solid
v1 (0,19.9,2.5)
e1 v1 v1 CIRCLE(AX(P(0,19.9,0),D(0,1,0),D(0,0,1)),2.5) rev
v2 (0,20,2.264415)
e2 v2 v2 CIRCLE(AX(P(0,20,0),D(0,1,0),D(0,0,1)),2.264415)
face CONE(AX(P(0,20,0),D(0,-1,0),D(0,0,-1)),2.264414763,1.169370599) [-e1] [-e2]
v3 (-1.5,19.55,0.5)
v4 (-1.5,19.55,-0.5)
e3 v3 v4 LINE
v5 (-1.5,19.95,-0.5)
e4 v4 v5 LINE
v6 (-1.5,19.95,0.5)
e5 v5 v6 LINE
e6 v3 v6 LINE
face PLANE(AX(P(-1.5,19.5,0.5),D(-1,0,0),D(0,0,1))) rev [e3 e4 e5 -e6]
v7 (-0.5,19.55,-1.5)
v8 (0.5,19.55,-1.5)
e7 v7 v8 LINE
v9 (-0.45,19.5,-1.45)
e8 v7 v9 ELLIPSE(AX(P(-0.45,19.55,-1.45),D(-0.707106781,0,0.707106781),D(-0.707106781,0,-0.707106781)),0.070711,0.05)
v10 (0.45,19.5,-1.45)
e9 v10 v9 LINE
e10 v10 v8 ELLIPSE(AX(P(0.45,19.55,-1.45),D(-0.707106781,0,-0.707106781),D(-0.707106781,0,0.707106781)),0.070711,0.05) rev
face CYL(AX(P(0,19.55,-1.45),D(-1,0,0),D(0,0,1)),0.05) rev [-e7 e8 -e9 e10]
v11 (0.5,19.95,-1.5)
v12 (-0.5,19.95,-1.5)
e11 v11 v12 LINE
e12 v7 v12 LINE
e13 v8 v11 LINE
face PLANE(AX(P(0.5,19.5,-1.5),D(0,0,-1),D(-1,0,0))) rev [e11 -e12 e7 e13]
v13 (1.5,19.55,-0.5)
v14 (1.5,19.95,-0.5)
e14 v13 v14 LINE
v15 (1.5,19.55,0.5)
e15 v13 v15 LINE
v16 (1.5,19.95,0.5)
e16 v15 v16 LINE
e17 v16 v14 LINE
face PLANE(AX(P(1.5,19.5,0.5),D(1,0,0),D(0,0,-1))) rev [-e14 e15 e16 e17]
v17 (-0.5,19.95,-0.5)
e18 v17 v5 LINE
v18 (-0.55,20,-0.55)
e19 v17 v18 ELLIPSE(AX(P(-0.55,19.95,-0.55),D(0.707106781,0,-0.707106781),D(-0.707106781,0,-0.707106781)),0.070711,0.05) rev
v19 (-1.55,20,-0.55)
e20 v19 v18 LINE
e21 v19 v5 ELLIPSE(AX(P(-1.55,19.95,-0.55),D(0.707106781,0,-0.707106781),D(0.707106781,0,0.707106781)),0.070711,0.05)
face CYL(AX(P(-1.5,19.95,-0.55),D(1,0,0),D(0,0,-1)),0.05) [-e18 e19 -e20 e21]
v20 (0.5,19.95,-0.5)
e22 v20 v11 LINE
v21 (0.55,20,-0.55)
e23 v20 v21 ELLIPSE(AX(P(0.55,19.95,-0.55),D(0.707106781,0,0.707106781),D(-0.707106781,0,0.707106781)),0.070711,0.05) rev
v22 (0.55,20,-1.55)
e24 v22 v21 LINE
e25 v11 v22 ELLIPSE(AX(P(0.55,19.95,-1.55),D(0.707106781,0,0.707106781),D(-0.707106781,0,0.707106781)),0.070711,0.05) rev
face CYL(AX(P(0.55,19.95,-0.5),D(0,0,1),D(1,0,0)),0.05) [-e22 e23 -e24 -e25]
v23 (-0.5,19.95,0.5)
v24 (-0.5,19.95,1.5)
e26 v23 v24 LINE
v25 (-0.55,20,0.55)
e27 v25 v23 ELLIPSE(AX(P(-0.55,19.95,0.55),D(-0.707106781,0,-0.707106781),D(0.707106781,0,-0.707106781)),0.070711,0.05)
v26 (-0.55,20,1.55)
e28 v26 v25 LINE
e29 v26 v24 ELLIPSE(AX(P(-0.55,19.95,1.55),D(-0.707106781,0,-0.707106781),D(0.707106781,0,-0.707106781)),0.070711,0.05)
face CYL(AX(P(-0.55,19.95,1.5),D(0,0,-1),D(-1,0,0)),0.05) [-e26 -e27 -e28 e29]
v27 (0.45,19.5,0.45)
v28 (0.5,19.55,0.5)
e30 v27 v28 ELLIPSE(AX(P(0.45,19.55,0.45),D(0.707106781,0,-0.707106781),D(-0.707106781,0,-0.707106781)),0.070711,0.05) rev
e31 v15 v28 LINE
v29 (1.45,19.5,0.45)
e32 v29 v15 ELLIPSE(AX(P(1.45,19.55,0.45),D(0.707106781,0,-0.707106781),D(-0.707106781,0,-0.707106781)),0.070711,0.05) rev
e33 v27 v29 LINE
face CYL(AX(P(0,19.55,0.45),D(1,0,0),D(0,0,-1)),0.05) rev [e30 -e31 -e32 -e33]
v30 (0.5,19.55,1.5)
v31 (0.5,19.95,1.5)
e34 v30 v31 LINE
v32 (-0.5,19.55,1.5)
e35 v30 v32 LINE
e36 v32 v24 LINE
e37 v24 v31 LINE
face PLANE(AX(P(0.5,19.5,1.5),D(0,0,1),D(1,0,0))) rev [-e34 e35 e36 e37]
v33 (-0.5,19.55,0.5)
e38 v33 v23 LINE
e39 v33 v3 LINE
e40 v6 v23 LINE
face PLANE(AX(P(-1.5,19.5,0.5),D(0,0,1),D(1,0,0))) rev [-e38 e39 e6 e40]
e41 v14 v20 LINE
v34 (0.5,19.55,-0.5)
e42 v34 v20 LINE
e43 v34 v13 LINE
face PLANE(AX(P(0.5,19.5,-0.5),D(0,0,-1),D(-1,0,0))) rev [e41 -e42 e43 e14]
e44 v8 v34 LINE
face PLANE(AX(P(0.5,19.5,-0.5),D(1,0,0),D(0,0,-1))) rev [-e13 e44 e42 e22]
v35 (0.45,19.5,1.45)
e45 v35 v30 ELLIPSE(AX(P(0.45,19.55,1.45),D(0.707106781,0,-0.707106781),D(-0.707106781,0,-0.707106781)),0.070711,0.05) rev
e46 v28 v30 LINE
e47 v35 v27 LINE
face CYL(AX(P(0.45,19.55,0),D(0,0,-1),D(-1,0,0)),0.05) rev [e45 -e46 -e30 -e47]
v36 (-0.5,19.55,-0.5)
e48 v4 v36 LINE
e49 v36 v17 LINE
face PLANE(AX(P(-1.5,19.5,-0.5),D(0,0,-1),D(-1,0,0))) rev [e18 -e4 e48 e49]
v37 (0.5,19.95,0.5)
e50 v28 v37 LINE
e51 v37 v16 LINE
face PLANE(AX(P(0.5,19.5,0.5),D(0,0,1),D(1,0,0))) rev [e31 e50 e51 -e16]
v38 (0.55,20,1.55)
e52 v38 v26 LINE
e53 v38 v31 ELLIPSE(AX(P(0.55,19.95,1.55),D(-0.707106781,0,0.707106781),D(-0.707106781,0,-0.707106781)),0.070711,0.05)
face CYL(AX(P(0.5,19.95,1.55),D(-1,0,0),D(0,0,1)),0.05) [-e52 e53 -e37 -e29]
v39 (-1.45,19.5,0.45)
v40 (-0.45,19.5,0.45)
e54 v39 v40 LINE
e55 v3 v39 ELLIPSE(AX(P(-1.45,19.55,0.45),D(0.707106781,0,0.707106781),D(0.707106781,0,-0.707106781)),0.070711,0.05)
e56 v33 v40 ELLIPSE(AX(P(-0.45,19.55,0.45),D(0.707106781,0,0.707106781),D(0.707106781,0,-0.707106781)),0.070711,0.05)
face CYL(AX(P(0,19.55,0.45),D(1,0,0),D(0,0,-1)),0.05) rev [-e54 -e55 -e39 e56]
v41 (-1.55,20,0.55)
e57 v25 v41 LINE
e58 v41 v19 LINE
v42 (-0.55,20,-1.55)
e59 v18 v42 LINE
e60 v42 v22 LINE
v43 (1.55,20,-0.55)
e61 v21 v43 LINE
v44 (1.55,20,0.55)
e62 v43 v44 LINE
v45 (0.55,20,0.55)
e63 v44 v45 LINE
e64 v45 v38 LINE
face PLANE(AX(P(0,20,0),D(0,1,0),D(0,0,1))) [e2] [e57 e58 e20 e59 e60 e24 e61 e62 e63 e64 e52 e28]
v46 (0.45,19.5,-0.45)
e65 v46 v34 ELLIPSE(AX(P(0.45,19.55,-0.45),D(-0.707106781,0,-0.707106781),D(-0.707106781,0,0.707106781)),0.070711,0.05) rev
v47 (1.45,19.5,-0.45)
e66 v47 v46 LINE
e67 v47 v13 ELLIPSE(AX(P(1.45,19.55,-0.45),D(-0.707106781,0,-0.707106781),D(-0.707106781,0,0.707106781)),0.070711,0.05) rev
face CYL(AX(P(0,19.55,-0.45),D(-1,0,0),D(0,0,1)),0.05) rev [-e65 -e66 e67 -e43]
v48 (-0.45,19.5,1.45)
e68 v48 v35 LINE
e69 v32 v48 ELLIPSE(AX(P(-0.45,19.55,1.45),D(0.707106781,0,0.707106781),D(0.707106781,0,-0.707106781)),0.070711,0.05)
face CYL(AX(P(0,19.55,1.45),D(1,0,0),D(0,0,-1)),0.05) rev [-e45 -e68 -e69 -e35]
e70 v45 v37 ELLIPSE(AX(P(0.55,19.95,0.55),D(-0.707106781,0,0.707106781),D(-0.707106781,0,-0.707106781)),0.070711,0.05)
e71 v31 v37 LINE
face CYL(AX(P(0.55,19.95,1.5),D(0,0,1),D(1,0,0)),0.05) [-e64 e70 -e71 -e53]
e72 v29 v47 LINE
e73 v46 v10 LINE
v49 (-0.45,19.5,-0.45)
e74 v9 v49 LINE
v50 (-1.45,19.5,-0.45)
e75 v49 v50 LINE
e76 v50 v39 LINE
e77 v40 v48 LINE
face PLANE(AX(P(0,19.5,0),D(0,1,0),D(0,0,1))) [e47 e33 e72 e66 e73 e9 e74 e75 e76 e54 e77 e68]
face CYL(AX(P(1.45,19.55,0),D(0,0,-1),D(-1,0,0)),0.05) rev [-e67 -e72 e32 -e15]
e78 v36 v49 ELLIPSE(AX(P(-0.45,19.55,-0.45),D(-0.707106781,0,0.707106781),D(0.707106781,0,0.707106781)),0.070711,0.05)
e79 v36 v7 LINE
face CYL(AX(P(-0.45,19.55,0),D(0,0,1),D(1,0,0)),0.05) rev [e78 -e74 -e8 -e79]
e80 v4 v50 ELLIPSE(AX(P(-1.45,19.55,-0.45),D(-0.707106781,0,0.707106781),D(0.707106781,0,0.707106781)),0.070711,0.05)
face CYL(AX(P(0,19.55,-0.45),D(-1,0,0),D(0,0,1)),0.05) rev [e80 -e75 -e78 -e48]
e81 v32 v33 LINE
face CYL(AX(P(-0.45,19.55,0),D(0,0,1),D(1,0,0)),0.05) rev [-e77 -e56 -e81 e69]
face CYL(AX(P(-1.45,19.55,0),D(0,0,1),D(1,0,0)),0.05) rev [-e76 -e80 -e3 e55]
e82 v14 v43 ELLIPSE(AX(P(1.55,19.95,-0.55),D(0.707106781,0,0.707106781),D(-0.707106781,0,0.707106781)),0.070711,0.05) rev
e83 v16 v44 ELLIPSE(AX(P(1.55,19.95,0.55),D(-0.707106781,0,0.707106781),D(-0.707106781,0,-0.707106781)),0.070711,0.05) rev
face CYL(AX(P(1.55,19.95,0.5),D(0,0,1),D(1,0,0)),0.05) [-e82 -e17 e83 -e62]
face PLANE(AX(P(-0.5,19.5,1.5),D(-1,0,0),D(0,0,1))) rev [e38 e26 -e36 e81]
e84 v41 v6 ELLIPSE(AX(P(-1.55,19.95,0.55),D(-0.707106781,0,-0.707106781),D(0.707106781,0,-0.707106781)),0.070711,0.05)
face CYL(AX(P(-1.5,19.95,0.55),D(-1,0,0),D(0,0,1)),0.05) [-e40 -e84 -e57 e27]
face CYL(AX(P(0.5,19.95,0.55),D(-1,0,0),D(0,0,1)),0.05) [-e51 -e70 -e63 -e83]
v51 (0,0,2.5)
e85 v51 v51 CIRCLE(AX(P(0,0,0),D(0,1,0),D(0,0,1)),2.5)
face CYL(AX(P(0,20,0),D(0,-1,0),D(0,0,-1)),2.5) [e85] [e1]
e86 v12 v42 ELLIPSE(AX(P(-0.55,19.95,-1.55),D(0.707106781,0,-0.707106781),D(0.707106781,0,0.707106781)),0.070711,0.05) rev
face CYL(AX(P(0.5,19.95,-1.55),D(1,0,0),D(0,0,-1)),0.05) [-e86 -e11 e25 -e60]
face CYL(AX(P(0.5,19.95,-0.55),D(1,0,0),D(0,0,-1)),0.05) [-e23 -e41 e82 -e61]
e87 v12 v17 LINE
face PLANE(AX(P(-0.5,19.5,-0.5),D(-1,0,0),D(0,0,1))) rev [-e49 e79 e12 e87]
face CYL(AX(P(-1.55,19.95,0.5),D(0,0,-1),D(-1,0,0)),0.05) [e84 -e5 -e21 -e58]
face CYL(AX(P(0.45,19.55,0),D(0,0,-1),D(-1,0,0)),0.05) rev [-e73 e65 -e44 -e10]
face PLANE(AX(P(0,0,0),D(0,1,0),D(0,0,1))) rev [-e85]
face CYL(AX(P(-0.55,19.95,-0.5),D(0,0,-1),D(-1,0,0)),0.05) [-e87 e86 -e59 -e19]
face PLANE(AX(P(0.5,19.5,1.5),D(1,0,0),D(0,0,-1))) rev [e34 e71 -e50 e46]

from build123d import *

# Parameters (mm, degrees)
SKETCH1_R           = 2.5
BOSS_EXTRUDE1_DEPTH = 20
CHAMFER1_SIZE       = 0.1
CHAMFER1_SIZE2      = 0.235585237
CUT_EXTRUDE1_DEPTH  = 0.5
FILLET1_R           = 0.05


with BuildPart() as part:
    # Sketch1 → Boss-Extrude1 (new body)
    with BuildSketch(Plane(origin=(0, 0, 0), x_dir=(1, 0, 0), z_dir=(0, 1, 0))):
        with Locations(Location((0, 0, 0), (0, 0, 270))):
            Circle(SKETCH1_R)
    extrude(amount=BOSS_EXTRUDE1_DEPTH)

    # Chamfer1
    chamfer1_edges = [part.edges().sort_by_distance(p)[0] for p in [
        (0, 20, -2.5),
    ]]
    chamfer1_side = [part.faces().sort_by_distance(p)[0] for p in [
        (0, 10, -2.5),
    ]]
    chamfer(chamfer1_edges, length=CHAMFER1_SIZE, length2=CHAMFER1_SIZE2, reference=chamfer1_side[0])

    # Sketch2 → Cut-Extrude1 (cut)
    with BuildSketch(Plane(origin=(0, 20, 0), x_dir=(1, 0, 0), z_dir=(0, 1, 0))):
        Polygon((0.5, 0.5), (0.5, 1.5), (-0.5, 1.5), (-0.5, 0.5), (-1.5, 0.5), (-1.5, -0.5), (-0.5, -0.5), (-0.5, -1.5), (0.5, -1.5), (0.5, -0.5), (1.5, -0.5), (1.5, 0.5), align=None)
    extrude(amount=-CUT_EXTRUDE1_DEPTH, mode=Mode.SUBTRACT)

    # Fillet1
    fillet1_edges = [part.edges().sort_by_distance(p)[0] for p in [
        (-0.5, 19.5, -1),
        (0, 19.5, -1.5),
        (0.5, 19.5, -1),
        (1, 19.5, -0.5),
        (1.5, 19.5, 0),
        (1, 19.5, 0.5),
        (0.5, 19.5, 1),
        (0, 19.5, 1.5),
        (-0.5, 19.5, 1),
        (-1, 19.5, 0.5),
        (-1.5, 19.5, 0),
        (-1, 19.5, -0.5),
        (-0.5, 20, -1),
        (-1, 20, -0.5),
        (-1.5, 20, 0),
        (-1, 20, 0.5),
        (-0.5, 20, 1),
        (0, 20, 1.5),
        (0.5, 20, 1),
        (1, 20, 0.5),
        (1.5, 20, 0),
        (1, 20, -0.5),
        (0.5, 20, -1),
        (0, 20, -1.5),
    ]]
    fillet(fillet1_edges, radius=FILLET1_R)


solid = part.part
